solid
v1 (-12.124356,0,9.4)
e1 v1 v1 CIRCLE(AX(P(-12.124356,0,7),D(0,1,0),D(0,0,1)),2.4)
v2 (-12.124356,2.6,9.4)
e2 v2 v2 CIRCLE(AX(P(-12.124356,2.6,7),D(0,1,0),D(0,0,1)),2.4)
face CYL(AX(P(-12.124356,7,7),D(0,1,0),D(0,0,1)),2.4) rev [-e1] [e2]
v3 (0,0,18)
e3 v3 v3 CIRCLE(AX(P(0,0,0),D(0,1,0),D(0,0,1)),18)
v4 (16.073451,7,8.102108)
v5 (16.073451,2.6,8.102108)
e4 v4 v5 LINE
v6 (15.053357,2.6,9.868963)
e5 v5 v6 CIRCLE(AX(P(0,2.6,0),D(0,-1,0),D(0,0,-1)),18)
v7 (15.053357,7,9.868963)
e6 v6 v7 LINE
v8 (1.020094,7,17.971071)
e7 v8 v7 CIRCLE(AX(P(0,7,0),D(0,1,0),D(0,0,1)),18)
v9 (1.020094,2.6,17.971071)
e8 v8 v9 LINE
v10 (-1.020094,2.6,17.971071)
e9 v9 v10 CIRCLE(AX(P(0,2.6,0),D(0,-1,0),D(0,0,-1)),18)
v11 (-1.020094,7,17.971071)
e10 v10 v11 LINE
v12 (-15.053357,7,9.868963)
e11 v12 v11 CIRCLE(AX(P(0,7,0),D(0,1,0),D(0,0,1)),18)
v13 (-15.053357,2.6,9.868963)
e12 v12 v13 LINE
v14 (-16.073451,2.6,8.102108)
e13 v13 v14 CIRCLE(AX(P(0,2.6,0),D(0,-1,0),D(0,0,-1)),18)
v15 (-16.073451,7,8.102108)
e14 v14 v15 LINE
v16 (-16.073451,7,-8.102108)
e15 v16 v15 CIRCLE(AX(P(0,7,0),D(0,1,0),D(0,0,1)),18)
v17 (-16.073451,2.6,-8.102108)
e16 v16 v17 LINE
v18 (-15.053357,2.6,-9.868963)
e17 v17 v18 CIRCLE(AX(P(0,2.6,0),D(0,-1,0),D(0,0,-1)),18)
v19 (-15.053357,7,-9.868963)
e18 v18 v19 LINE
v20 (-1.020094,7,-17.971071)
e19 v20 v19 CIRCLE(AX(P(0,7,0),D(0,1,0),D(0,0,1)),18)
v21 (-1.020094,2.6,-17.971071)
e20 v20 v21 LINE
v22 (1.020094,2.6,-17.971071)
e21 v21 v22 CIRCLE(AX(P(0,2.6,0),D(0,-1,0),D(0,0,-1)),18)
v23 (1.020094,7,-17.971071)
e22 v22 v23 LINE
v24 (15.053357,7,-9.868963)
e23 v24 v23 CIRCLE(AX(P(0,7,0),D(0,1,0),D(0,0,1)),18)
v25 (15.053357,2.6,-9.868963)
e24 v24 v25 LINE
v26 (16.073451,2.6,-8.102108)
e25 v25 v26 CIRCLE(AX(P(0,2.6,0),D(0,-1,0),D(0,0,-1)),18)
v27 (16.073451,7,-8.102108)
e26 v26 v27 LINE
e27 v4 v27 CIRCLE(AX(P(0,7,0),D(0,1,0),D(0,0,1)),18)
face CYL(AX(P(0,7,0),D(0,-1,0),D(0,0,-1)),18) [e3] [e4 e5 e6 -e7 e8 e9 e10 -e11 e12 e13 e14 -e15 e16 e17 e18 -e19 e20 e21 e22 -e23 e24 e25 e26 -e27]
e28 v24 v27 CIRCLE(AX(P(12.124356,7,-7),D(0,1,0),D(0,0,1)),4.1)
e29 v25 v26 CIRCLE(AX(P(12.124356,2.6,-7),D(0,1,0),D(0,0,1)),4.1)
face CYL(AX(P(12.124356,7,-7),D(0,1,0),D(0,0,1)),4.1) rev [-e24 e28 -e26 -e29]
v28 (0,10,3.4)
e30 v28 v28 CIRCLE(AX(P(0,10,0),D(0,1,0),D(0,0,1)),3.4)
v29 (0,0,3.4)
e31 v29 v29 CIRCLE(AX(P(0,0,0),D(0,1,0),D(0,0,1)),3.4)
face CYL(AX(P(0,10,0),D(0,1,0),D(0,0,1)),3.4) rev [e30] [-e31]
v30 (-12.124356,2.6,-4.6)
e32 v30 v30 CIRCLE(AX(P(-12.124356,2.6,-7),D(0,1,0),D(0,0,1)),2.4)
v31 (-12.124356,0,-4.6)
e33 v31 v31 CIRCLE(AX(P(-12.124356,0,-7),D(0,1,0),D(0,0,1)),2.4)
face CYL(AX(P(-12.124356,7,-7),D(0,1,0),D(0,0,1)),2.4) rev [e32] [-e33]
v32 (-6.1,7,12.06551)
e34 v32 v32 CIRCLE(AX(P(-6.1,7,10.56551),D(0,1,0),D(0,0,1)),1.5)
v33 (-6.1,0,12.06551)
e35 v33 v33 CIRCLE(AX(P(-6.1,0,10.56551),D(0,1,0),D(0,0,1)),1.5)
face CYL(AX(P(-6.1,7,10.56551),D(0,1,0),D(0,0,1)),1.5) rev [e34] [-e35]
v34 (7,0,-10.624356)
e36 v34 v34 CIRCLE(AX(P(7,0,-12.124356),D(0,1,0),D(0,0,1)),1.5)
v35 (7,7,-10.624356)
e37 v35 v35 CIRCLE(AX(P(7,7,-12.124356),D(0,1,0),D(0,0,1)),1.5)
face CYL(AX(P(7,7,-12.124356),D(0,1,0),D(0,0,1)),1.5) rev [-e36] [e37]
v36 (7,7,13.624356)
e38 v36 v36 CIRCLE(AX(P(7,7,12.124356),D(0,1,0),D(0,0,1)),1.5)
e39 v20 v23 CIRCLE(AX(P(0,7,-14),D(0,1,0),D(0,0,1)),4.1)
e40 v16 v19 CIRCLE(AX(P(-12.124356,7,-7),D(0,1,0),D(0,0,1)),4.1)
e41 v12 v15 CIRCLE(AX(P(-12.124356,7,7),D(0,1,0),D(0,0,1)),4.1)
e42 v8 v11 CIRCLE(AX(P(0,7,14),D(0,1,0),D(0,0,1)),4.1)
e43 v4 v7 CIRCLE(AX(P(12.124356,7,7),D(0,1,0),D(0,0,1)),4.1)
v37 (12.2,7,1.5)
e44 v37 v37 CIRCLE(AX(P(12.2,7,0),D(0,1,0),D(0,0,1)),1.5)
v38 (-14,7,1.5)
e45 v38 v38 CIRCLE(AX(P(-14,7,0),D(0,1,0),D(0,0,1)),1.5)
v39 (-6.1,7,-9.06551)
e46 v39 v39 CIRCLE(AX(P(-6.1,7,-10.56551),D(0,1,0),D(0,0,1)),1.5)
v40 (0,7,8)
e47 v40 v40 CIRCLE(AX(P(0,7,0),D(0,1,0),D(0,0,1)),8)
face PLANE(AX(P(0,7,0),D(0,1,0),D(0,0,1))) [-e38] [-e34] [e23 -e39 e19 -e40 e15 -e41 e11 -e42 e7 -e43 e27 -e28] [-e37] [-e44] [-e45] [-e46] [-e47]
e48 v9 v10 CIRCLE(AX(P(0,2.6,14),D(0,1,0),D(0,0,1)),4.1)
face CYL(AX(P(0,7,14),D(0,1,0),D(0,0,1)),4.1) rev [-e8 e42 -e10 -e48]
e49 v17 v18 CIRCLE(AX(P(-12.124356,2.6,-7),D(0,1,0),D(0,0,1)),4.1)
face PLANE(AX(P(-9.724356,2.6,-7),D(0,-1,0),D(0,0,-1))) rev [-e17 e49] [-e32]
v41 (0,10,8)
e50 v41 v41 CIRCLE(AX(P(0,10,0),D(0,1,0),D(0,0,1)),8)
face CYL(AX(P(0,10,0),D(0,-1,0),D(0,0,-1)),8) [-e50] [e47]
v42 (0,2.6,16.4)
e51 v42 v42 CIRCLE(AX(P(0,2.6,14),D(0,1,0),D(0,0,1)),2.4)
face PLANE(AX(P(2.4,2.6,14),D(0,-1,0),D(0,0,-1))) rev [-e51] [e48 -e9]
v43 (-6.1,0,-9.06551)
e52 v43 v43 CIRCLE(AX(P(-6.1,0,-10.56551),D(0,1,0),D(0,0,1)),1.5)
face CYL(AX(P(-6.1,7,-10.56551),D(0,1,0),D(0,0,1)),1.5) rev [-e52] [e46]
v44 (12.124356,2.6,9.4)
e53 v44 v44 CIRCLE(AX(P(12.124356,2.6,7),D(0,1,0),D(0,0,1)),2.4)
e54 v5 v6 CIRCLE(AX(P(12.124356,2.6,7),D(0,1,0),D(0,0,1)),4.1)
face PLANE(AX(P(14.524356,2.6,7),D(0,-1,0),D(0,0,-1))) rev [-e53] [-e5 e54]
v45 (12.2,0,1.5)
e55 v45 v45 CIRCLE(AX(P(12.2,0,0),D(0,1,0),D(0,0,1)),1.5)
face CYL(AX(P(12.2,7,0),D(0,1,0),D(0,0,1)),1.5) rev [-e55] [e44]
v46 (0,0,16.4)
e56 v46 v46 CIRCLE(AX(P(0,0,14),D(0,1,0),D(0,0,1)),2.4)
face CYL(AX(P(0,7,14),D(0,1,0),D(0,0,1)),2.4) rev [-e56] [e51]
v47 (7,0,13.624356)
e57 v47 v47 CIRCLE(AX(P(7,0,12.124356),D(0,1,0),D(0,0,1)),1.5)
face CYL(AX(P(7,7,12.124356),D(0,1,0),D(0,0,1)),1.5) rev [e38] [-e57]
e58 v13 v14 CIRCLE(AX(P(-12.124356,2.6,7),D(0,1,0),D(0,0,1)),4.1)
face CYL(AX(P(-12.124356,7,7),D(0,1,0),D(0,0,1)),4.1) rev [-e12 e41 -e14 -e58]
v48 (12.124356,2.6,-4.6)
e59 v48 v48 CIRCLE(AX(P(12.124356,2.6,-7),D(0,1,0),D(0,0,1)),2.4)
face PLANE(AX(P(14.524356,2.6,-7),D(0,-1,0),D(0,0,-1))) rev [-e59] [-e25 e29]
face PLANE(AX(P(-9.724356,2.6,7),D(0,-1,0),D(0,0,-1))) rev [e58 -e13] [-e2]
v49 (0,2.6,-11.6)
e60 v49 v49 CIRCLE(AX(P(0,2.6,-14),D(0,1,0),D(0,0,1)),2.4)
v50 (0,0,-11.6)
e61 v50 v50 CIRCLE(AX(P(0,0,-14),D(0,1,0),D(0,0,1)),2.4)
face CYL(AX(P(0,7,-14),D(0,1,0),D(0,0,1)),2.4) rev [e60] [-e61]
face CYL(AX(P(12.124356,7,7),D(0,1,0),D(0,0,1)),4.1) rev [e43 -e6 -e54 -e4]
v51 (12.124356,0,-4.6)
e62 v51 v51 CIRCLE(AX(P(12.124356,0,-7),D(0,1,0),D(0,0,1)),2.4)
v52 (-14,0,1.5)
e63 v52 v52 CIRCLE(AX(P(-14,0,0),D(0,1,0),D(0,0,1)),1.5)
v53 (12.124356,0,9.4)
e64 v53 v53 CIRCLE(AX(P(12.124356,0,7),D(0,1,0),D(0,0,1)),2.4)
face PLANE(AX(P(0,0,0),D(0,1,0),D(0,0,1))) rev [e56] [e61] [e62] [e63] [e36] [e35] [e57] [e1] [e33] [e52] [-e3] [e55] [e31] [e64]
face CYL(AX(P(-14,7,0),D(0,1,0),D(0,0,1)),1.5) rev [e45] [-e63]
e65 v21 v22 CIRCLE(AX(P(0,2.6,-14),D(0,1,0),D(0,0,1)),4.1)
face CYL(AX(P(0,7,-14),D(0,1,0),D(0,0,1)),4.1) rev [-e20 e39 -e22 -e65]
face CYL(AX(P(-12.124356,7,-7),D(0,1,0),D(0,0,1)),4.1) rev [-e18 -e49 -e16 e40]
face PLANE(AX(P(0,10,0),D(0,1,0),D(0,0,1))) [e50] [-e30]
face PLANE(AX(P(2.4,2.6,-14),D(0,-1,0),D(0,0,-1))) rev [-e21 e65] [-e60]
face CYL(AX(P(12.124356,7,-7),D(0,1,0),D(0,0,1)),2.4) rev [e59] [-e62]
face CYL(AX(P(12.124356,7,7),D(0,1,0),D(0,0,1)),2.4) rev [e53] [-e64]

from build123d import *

# Parameters (mm, degrees)
SKETCH1_R                                           = 18
BOSS_EXTRUDE1_DEPTH                                 = 7
CBORE_FOR_M4_HEX_SOCKET_HEAD_CAP_SCREW2_D           = 4.8
CBORE_FOR_M4_HEX_SOCKET_HEAD_CAP_SCREW2_DEPTH       = 10
CBORE_FOR_M4_HEX_SOCKET_HEAD_CAP_SCREW2_CBORE_D     = 8.2
CBORE_FOR_M4_HEX_SOCKET_HEAD_CAP_SCREW2_CBORE_DEPTH = 4.4
CBORE_FOR_M4_HEX_SOCKET_HEAD_CAP_SCREW2_TIP         = 1.442065486
F_3_0MM_DOWEL_HOLE1_D                               = 3
F_3_0MM_DOWEL_HOLE1_DEPTH                           = 10
F_3_0MM_DOWEL_HOLE1_TIP                             = 0.901290929
F_3_0MM_DOWEL_HOLE2_D                               = 3
F_3_0MM_DOWEL_HOLE2_DEPTH                           = 10
F_3_0MM_DOWEL_HOLE2_TIP                             = 0.901290929
SKETCH8_R                                           = 8
BOSS_EXTRUDE2_DEPTH                                 = 3
TAP_DRILL_FOR_M8_TAP1_D                             = 6.8


with BuildPart() as part:
    # Sketch1 → Boss-Extrude1 (new body)
    with BuildSketch(Plane(origin=(0, 0, 0), x_dir=(1, 0, 0), z_dir=(0, 1, 0))):
        with Locations(Location((0, 0, 0), (0, 0, 270))):
            Circle(SKETCH1_R)
    extrude(amount=BOSS_EXTRUDE1_DEPTH)

    # CBORE for M4 Hex Socket Head Cap Screw2
    with Locations(Plane(origin=(0, 7, 0), x_dir=(1, 0, 0), z_dir=(0, 1, 0))):
        with Locations((-12.124355653, 7), (0, 14), (12.124355653, 7), (12.124355653, -7), (0, -14), (-12.124355653, -7)):
            CounterBoreHole(CBORE_FOR_M4_HEX_SOCKET_HEAD_CAP_SCREW2_D / 2, CBORE_FOR_M4_HEX_SOCKET_HEAD_CAP_SCREW2_CBORE_D / 2, CBORE_FOR_M4_HEX_SOCKET_HEAD_CAP_SCREW2_CBORE_DEPTH, depth=CBORE_FOR_M4_HEX_SOCKET_HEAD_CAP_SCREW2_DEPTH)
            with Locations((0, 0, -(CBORE_FOR_M4_HEX_SOCKET_HEAD_CAP_SCREW2_DEPTH + CBORE_FOR_M4_HEX_SOCKET_HEAD_CAP_SCREW2_TIP / 2))):  # 118° drill point
                Cone(0, CBORE_FOR_M4_HEX_SOCKET_HEAD_CAP_SCREW2_D / 2, CBORE_FOR_M4_HEX_SOCKET_HEAD_CAP_SCREW2_TIP, mode=Mode.SUBTRACT)

    # Ø3.0mm Dowel Hole1
    with Locations(Plane(origin=(0, 7, 0), x_dir=(1, 0, 0), z_dir=(0, 1, 0))):
        with Locations((7, -12.124355653), (-14, 0), (7, 12.124355653)):
            Hole(F_3_0MM_DOWEL_HOLE1_D / 2, depth=F_3_0MM_DOWEL_HOLE1_DEPTH)
            with Locations((0, 0, -(F_3_0MM_DOWEL_HOLE1_DEPTH + F_3_0MM_DOWEL_HOLE1_TIP / 2))):  # 118° drill point
                Cone(0, F_3_0MM_DOWEL_HOLE1_D / 2, F_3_0MM_DOWEL_HOLE1_TIP, mode=Mode.SUBTRACT)

    # Ø3.0mm Dowel Hole2
    with Locations(Plane(origin=(0, 7, 0), x_dir=(1, 0, 0), z_dir=(0, 1, 0))):
        with Locations((-6.1, 10.565509926), (12.2, 0), (-6.1, -10.565509926)):
            Hole(F_3_0MM_DOWEL_HOLE2_D / 2, depth=F_3_0MM_DOWEL_HOLE2_DEPTH)
            with Locations((0, 0, -(F_3_0MM_DOWEL_HOLE2_DEPTH + F_3_0MM_DOWEL_HOLE2_TIP / 2))):  # 118° drill point
                Cone(0, F_3_0MM_DOWEL_HOLE2_D / 2, F_3_0MM_DOWEL_HOLE2_TIP, mode=Mode.SUBTRACT)

    # Sketch8 → Boss-Extrude2 (add)
    with BuildSketch(Plane(origin=(0, 7, 0), x_dir=(1, 0, 0), z_dir=(0, 1, 0))):
        with Locations(Location((0, 0, 0), (0, 0, 270))):
            Circle(SKETCH8_R)
    extrude(amount=BOSS_EXTRUDE2_DEPTH)

    # Tap Drill for M8 Tap1 (through all)
    with Locations(Plane(origin=(0, 10, 0), x_dir=(1, 0, 0), z_dir=(0, 1, 0))):
        with Locations((0, 0)):
            Hole(TAP_DRILL_FOR_M8_TAP1_D / 2)


solid = part.part
